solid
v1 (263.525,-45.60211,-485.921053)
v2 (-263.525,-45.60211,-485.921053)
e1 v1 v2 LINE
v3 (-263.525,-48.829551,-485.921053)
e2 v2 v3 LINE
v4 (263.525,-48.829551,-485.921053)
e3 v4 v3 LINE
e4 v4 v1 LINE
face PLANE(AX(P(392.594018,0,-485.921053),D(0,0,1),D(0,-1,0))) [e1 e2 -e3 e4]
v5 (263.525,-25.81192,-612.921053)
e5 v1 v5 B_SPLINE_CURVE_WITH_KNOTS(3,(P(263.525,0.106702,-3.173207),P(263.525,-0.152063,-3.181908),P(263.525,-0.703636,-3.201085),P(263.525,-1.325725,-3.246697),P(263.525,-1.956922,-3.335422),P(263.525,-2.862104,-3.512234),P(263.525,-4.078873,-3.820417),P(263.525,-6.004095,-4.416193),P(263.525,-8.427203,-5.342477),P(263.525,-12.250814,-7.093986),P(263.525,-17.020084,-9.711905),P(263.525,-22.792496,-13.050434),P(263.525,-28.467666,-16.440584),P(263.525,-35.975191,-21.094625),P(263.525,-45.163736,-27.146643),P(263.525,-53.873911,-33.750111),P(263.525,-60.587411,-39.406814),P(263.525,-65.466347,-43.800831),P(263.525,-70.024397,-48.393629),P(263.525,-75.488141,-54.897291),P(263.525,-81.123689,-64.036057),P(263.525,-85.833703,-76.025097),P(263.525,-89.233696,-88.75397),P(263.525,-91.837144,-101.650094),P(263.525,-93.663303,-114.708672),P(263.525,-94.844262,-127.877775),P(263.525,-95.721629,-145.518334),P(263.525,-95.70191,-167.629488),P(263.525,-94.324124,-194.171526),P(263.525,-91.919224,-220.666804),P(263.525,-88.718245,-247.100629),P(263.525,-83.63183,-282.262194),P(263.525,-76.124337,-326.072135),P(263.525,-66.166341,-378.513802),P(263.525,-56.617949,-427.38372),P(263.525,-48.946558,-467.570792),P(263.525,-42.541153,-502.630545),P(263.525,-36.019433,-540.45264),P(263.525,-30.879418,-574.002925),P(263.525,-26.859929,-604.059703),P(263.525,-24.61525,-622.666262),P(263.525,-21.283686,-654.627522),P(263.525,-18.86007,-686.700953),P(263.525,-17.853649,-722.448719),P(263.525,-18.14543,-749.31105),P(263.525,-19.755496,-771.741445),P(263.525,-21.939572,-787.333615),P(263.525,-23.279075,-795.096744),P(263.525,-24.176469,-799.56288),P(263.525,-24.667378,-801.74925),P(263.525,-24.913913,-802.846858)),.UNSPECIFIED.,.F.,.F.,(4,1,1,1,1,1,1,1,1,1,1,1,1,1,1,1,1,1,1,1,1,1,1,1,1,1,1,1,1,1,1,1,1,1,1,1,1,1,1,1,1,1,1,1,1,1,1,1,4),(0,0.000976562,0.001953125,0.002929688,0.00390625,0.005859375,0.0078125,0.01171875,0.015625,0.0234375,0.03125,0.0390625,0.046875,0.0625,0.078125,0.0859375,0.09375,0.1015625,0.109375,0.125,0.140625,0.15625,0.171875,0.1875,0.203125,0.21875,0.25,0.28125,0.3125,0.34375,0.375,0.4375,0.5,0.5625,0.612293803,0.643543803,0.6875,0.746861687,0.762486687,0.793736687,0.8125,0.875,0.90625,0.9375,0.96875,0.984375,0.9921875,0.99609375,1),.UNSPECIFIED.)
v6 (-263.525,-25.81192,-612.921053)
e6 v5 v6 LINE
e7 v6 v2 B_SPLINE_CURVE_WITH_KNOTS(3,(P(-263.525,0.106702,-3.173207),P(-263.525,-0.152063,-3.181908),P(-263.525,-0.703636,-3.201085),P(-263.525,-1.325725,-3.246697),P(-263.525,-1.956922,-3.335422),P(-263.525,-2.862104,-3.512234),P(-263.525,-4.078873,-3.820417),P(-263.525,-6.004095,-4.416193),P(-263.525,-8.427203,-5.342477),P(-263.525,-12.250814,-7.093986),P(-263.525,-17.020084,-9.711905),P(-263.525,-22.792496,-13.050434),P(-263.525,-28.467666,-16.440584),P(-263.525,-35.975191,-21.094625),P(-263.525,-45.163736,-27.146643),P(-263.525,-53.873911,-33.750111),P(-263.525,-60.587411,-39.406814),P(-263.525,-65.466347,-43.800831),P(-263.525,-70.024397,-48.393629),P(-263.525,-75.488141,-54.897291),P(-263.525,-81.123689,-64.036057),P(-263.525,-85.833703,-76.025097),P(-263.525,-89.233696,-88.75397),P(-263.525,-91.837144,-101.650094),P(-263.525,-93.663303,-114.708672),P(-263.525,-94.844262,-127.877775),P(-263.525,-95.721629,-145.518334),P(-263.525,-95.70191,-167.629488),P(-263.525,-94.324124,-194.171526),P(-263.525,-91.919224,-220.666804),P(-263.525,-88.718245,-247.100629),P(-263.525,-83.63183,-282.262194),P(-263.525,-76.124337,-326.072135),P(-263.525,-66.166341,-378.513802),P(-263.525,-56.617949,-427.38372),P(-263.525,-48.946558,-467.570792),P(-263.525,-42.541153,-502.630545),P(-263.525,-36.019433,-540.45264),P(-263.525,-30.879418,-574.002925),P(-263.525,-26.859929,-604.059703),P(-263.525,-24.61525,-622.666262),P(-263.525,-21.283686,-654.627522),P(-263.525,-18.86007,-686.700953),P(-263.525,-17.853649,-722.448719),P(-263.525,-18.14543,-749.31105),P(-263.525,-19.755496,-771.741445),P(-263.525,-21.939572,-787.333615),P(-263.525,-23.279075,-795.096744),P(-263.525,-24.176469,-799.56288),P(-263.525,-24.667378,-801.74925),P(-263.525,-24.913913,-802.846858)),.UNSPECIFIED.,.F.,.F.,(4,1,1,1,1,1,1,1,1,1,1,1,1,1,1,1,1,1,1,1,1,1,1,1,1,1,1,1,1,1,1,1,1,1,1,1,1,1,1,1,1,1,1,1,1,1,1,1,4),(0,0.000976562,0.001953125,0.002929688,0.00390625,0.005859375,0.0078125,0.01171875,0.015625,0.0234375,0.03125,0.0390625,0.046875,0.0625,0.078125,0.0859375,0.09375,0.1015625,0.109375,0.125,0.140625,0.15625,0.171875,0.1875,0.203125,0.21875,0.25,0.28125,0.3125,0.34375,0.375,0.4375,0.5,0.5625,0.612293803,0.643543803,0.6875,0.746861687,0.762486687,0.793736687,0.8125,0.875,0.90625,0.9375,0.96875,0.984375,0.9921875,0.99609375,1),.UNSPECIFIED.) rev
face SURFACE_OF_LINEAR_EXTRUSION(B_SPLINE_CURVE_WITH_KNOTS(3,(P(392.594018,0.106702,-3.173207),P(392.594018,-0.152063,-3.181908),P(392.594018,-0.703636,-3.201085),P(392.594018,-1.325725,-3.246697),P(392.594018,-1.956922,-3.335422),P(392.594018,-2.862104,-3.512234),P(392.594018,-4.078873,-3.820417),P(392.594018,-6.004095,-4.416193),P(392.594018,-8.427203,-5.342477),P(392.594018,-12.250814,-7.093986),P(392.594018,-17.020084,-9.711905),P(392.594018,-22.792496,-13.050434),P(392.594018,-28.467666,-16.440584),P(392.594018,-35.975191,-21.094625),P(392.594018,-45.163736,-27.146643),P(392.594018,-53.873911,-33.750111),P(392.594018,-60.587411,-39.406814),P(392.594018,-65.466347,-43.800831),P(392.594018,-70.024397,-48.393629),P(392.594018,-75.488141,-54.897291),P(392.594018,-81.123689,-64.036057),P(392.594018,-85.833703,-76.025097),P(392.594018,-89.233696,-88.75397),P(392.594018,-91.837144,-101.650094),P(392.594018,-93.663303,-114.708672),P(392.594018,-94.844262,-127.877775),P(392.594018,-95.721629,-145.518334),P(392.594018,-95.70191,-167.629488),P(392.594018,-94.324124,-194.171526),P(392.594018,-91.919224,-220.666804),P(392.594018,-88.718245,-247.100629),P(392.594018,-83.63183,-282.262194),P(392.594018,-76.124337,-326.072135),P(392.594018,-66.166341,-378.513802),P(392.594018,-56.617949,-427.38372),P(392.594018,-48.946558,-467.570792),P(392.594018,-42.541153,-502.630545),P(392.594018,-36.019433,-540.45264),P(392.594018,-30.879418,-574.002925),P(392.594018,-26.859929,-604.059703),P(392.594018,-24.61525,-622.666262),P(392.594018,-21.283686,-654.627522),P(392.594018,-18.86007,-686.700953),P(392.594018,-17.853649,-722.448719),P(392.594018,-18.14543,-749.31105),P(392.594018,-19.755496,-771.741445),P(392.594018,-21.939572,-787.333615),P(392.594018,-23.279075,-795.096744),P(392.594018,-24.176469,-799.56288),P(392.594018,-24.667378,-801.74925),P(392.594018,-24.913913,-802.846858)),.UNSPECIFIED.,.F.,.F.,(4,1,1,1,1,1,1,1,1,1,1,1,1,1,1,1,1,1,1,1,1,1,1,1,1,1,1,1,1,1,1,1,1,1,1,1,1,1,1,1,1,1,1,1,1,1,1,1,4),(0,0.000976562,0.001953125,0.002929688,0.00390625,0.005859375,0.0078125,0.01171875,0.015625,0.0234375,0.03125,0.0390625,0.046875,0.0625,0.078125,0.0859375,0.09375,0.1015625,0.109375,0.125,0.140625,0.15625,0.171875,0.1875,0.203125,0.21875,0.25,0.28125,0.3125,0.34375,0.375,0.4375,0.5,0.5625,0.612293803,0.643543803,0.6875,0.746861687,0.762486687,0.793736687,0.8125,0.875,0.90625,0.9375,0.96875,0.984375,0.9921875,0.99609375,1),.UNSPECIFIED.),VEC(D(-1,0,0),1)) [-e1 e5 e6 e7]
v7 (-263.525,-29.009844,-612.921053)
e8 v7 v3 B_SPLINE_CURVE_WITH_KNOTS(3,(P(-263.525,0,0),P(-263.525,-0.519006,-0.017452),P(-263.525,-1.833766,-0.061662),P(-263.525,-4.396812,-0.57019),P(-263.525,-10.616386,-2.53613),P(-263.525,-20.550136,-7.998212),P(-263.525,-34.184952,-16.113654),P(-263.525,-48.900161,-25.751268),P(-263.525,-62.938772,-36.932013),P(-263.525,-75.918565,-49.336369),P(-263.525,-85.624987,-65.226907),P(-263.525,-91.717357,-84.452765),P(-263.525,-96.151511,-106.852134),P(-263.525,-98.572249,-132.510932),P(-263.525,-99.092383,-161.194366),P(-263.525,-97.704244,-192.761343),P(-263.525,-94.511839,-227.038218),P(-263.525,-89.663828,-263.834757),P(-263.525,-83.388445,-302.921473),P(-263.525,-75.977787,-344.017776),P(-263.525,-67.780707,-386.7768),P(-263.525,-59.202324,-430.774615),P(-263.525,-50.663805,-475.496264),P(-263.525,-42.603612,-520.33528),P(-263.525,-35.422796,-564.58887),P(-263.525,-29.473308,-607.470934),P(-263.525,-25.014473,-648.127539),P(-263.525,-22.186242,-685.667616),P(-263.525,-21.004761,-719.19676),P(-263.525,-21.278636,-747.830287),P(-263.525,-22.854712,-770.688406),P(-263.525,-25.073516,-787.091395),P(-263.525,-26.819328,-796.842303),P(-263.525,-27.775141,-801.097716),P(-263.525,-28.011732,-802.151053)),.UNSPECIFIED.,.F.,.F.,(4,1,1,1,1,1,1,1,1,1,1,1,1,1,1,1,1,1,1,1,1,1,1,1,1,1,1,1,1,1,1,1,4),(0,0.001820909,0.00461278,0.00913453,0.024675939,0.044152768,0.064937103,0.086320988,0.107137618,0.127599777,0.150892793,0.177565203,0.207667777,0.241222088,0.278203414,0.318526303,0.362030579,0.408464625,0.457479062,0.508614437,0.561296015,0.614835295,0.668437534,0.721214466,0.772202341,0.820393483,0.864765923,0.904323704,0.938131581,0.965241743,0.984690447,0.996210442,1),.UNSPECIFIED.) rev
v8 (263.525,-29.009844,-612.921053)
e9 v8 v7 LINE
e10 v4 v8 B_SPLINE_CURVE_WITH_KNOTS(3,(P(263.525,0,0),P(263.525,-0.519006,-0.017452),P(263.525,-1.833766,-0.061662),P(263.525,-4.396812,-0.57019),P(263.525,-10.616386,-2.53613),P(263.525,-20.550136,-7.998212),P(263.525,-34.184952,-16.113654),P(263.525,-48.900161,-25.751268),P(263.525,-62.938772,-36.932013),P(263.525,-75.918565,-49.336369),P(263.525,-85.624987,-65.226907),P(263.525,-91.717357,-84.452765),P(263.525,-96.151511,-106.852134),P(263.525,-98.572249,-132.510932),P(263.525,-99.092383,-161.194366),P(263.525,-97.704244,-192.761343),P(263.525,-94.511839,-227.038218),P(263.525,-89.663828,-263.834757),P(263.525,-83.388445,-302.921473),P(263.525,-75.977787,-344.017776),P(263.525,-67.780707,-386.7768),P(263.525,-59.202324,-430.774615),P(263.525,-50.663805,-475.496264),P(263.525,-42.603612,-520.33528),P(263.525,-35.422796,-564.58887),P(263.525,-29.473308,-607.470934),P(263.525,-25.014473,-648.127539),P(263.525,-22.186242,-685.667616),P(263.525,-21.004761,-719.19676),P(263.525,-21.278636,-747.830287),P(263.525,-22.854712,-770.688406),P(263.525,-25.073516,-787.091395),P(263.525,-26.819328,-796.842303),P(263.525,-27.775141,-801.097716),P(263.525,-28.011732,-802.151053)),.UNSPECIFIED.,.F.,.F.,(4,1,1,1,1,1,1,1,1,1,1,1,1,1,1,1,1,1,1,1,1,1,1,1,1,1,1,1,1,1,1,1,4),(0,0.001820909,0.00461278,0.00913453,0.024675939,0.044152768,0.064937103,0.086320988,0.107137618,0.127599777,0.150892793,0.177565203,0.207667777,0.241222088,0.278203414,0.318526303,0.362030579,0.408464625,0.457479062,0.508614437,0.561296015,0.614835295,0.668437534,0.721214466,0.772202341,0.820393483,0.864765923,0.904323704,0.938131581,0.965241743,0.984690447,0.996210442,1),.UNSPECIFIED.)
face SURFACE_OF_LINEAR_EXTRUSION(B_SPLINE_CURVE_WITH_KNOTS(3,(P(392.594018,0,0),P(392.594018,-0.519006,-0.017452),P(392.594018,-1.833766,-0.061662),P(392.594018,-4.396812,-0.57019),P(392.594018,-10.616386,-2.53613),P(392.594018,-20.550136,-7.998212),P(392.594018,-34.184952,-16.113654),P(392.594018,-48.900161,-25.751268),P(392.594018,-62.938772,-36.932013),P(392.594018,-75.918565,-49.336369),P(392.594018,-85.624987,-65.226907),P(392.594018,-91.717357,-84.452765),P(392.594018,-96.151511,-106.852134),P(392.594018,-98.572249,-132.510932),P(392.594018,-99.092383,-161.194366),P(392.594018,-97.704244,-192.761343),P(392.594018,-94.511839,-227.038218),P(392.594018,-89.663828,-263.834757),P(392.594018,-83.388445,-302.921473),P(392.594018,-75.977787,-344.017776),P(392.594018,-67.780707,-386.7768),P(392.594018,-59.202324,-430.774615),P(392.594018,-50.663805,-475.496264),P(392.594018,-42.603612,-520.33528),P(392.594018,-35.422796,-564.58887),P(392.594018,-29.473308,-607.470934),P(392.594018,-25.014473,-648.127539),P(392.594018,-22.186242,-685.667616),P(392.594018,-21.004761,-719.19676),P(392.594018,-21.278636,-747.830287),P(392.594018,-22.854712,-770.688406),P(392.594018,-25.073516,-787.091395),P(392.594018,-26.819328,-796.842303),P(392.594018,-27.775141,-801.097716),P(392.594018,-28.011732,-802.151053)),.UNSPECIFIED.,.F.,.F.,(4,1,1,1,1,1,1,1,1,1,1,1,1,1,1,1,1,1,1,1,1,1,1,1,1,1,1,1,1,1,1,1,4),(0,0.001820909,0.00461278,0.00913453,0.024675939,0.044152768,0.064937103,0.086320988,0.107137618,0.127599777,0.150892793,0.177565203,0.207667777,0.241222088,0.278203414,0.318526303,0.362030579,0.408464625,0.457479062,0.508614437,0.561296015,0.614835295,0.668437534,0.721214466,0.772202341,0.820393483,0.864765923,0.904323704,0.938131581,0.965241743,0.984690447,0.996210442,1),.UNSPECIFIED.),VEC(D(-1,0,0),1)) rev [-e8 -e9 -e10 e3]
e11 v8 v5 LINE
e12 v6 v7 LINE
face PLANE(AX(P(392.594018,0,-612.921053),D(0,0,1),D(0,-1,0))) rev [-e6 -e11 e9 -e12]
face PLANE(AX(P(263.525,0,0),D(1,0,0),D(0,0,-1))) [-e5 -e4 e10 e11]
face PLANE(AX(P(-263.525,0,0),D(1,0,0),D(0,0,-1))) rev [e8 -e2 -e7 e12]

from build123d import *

# Parameters (mm, degrees)
BOSS_EXTRUDE1_DEPTH      = 263.525
BOSS_EXTRUDE1_DEPTH_BACK = 263.525


with BuildPart() as part:
    # Sketch1 → Boss-Extrude1 (new, two sides: drawn at the far end of the back side and taken through both)
    with BuildSketch(Plane(origin=(0, 0, 0), x_dir=(0, 0, -1), z_dir=(1, 0, 0)).offset(-BOSS_EXTRUDE1_DEPTH_BACK)):
        with BuildLine():
            Line((485.921053399, -45.602110236), (485.921053399, -48.829550557))
            add(Edge.make_bspline(
                [(485.921053399, -48.829550557), (497.466005268, -46.721675175), (523.823945542, -42.037523579), (564.588870456, -35.422796347), (595.412917757, -31.146245949), (611.376025813, -29.196049484), (612.921053399, -29.009843782)],
                knots=[0.62724109, 0.62724109, 0.62724109, 0.62724109, 0.668437534, 0.721214466, 0.772202341, 0.777664958, 0.777664958, 0.777664958, 0.777664958], degree=3))
            Line((612.921053399, -29.009843782), (612.921053399, -25.811919895))
            add(Edge.make_bspline(
                [(485.921053399, -45.602110236), (490.303697996, -44.802632353), (507.02215929, -41.783900307), (540.452640089, -36.019432645), (574.002925287, -30.879417835), (599.639035022, -27.451104082), (608.491793216, -26.344535138), (612.921053399, -25.811919895)],
                knots=[0.627918803, 0.627918803, 0.627918803, 0.627918803, 0.643543803, 0.6875, 0.746861687, 0.762486687, 0.778111687, 0.778111687, 0.778111687, 0.778111687], degree=3))
        make_face()
    extrude(amount=BOSS_EXTRUDE1_DEPTH + BOSS_EXTRUDE1_DEPTH_BACK)


solid = part.part
